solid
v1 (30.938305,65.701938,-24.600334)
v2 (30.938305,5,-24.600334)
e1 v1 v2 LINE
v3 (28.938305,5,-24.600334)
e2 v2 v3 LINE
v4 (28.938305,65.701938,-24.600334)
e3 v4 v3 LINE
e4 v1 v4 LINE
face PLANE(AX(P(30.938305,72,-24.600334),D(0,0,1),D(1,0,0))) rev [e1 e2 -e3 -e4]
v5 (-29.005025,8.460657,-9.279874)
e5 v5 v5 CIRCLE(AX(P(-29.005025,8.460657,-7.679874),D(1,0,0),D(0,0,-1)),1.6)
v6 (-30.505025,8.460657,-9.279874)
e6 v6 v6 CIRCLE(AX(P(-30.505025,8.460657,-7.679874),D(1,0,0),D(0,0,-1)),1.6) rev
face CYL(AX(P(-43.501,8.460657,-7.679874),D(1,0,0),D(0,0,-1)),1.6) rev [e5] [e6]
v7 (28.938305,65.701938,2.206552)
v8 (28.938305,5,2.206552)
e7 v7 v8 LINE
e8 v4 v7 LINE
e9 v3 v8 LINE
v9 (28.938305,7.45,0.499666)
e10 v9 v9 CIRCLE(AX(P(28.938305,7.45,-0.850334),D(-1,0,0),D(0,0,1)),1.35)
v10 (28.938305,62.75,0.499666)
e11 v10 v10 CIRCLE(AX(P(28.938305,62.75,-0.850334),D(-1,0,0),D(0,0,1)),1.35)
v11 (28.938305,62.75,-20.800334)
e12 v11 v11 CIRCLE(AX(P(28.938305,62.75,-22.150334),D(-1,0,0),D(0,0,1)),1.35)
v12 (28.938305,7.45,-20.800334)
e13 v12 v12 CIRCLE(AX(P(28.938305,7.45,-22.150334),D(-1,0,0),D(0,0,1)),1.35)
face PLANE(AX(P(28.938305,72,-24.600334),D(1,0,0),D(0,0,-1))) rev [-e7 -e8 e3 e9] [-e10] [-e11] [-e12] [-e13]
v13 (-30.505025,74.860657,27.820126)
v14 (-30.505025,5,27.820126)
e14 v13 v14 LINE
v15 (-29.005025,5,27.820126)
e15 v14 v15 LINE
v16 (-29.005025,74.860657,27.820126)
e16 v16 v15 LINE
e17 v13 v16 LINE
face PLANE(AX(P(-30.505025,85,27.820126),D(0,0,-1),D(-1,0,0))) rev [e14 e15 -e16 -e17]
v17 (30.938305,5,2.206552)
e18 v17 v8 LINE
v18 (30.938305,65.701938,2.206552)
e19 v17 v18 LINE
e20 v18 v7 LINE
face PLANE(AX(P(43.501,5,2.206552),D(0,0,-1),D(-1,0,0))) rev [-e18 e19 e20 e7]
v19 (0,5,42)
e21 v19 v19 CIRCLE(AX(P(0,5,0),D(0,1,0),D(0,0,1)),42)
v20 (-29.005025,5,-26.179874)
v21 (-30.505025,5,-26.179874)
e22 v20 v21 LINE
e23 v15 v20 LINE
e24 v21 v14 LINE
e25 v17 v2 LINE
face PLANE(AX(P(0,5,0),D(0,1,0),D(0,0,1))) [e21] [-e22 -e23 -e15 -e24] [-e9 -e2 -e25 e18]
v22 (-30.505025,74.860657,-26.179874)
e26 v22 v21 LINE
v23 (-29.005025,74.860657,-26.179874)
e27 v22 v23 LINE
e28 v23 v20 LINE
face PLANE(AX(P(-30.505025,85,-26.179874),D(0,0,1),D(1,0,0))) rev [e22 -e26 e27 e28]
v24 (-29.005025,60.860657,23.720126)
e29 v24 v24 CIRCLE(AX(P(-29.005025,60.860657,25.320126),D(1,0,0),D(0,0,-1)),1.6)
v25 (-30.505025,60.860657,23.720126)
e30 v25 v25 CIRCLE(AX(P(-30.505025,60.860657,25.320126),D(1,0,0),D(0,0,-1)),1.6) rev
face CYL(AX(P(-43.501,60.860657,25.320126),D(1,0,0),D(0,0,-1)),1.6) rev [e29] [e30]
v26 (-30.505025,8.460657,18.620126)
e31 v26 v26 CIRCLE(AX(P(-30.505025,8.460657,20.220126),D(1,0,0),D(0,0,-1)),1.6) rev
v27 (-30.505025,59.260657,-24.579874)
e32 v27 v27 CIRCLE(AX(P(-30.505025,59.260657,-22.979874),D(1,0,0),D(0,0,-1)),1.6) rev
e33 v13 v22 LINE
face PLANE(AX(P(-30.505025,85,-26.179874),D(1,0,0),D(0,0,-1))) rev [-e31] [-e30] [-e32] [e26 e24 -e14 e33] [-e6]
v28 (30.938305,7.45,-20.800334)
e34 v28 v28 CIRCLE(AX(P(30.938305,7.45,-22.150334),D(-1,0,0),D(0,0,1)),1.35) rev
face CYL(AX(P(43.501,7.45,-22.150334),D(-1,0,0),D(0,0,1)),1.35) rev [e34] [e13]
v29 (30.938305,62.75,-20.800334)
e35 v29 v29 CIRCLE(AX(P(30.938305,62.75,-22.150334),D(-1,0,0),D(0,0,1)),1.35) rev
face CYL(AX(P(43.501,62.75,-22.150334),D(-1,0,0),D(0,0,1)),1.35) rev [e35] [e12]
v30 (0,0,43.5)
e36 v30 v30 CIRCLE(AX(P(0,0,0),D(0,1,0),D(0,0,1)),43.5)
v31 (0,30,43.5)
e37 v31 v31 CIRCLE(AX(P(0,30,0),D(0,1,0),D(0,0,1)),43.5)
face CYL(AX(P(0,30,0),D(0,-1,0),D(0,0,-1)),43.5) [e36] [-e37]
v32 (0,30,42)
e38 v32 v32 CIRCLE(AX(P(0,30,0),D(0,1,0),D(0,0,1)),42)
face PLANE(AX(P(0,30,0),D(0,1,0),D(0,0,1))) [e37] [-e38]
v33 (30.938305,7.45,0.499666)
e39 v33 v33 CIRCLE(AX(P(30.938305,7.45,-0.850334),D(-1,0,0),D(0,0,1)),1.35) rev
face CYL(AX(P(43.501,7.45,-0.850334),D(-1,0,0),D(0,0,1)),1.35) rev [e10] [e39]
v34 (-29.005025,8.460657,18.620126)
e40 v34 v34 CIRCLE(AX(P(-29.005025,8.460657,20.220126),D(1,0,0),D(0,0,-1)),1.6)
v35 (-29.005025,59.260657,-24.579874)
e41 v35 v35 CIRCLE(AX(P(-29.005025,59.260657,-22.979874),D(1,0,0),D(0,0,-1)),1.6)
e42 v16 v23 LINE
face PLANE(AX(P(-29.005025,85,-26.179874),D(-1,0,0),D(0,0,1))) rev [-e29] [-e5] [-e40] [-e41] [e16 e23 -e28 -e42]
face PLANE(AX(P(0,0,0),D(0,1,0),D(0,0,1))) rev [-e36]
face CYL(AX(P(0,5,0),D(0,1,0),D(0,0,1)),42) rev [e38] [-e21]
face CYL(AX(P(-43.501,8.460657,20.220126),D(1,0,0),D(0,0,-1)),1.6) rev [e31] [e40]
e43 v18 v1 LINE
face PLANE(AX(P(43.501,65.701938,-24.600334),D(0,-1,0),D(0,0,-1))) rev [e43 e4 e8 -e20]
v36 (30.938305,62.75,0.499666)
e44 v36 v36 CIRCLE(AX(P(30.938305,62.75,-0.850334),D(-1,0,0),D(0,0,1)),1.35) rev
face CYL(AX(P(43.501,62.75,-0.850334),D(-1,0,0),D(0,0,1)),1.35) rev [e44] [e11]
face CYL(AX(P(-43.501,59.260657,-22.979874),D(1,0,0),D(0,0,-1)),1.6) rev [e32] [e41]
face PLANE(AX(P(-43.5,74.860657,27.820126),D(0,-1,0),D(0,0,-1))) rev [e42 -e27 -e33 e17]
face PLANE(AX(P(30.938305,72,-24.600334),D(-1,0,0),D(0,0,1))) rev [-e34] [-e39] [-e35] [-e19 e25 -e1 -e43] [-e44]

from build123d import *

# Parameters (mm, degrees)
SKETCH1_R               = 43.5
BOSS_EXTRUDE1_DEPTH     = 30
SKETCH2_R               = 42
CUT_EXTRUDE1_DEPTH      = 1
CUT_EXTRUDE1_DEPTH_BACK = 25
SKETCH6_W               = 1.5
SKETCH6_H               = 54
BOSS_EXTRUDE4_DEPTH     = 80
SKETCH7_W               = 54
SKETCH7_H               = 6.26870776
CUT_EXTRUDE2_DEPTH      = 15.49497474
SKETCH8_W               = 54
SKETCH8_H               = 3.87063504
CUT_EXTRUDE3_DEPTH      = 15.49497474
CUT_EXTRUDE5_REACH      = 16.495
SKETCH9_R               = 1.6
SKETCH10_W              = 2
SKETCH10_H              = 28.990761916
BOSS_EXTRUDE5_DEPTH     = 67
CUT_EXTRUDE6_REACH      = 16.562
SKETCH11_W              = 28.990761916
SKETCH11_H              = 6.298062211
CUT_EXTRUDE7_REACH      = 16.562
SKETCH12_W              = 2.183875445
SKETCH12_H              = 60.701937789
CUT_EXTRUDE8_REACH      = 16.562
SKETCH13_R              = 1.35


with BuildPart() as part:
    # Sketch1 → Boss-Extrude1 (new body)
    with BuildSketch(Plane(origin=(0, 0, 0), x_dir=(1, 0, 0), z_dir=(0, 1, 0))):
        Circle(SKETCH1_R)
    extrude(amount=BOSS_EXTRUDE1_DEPTH)

    # Sketch2 → Cut-Extrude1 (cut, two sides)
    with BuildSketch(Plane(origin=(0, 30, 0), x_dir=(1, 0, 0), z_dir=(0, 1, 0))) as cut_extrude1_sk:
        Circle(SKETCH2_R)
    extrude(amount=CUT_EXTRUDE1_DEPTH, mode=Mode.SUBTRACT)
    extrude(cut_extrude1_sk.sketch, amount=-CUT_EXTRUDE1_DEPTH_BACK, mode=Mode.SUBTRACT)

    # Sketch6 → Boss-Extrude4 (add)
    with BuildSketch(Plane(origin=(0, 5, 0), x_dir=(1, 0, 0), z_dir=(0, 1, 0))):
        with Locations((-29.75502526, -0.820126033)):
            Rectangle(SKETCH6_W, SKETCH6_H)
    extrude(amount=BOSS_EXTRUDE4_DEPTH)

    # Sketch7 → Cut-Extrude2 (cut, through all)
    with BuildSketch(Plane(origin=(-29.00502526, 0, 0), x_dir=(0, 0, -1), z_dir=(1, 0, 0))):
        with Locations((-0.820126033, 81.86564612)):
            Rectangle(SKETCH7_W, SKETCH7_H)
    extrude(amount=-CUT_EXTRUDE2_DEPTH, mode=Mode.SUBTRACT)

    # Sketch8 → Cut-Extrude3 (cut, through all)
    with BuildSketch(Plane(origin=(-29.00502526, 0, 0), x_dir=(0, 0, -1), z_dir=(1, 0, 0))):
        with Locations((-0.820126033, 76.79597472)):
            Rectangle(SKETCH8_W, SKETCH8_H)
    extrude(amount=-CUT_EXTRUDE3_DEPTH, mode=Mode.SUBTRACT)

    # Sketch9 → Cut-Extrude5 (cut, up to next)
    with BuildSketch(Plane(origin=(-29.00502526, 0, 0), x_dir=(0, 0, -1), z_dir=(1, 0, 0)), mode=Mode.PRIVATE) as cut_extrude5_sk1:
        with Locations((-25.320126033, 60.8606572)):
            Circle(SKETCH9_R)
    cut_extrude5_tool1 = extrude(cut_extrude5_sk1.sketch, amount=-CUT_EXTRUDE5_REACH, mode=Mode.PRIVATE) & part.part
    add(cut_extrude5_tool1.solids().sort_by_distance((-29.005025, 60.860657, 25.320126))[0], mode=Mode.SUBTRACT)
    # Sketch9 → Cut-Extrude5 (cut, up to next)
    with BuildSketch(Plane(origin=(-29.00502526, 0, 0), x_dir=(0, 0, -1), z_dir=(1, 0, 0)), mode=Mode.PRIVATE) as cut_extrude5_sk2:
        with Locations((22.979873967, 59.2606572)):
            Circle(SKETCH9_R)
    cut_extrude5_tool2 = extrude(cut_extrude5_sk2.sketch, amount=-CUT_EXTRUDE5_REACH, mode=Mode.PRIVATE) & part.part
    add(cut_extrude5_tool2.solids().sort_by_distance((-29.005025, 59.260657, -22.979874))[0], mode=Mode.SUBTRACT)
    # Sketch9 → Cut-Extrude5 (cut, up to next)
    with BuildSketch(Plane(origin=(-29.00502526, 0, 0), x_dir=(0, 0, -1), z_dir=(1, 0, 0)), mode=Mode.PRIVATE) as cut_extrude5_sk3:
        with Locations((7.679873967, 8.4606572)):
            Circle(SKETCH9_R)
    cut_extrude5_tool3 = extrude(cut_extrude5_sk3.sketch, amount=-CUT_EXTRUDE5_REACH, mode=Mode.PRIVATE) & part.part
    add(cut_extrude5_tool3.solids().sort_by_distance((-29.005025, 8.460657, -7.679874))[0], mode=Mode.SUBTRACT)
    # Sketch9 → Cut-Extrude5 (cut, up to next)
    with BuildSketch(Plane(origin=(-29.00502526, 0, 0), x_dir=(0, 0, -1), z_dir=(1, 0, 0)), mode=Mode.PRIVATE) as cut_extrude5_sk4:
        with Locations((-20.220126033, 8.4606572)):
            Circle(SKETCH9_R)
    cut_extrude5_tool4 = extrude(cut_extrude5_sk4.sketch, amount=-CUT_EXTRUDE5_REACH, mode=Mode.PRIVATE) & part.part
    add(cut_extrude5_tool4.solids().sort_by_distance((-29.005025, 8.460657, 20.220126))[0], mode=Mode.SUBTRACT)

    # Sketch10 → Boss-Extrude5 (add)
    with BuildSketch(Plane(origin=(0, 5, 0), x_dir=(1, 0, 0), z_dir=(0, 1, 0))):
        with Locations((29.938305356, 10.104953072)):
            Rectangle(SKETCH10_W, SKETCH10_H)
    extrude(amount=BOSS_EXTRUDE5_DEPTH)

    # Sketch11 → Cut-Extrude6 (cut, up to next)
    with BuildSketch(Plane.ZY.offset(-28.938305356), mode=Mode.PRIVATE) as cut_extrude6_sk1:
        with Locations((-10.104953072, 68.850968894)):
            Rectangle(SKETCH11_W, SKETCH11_H)
    cut_extrude6_tool1 = extrude(cut_extrude6_sk1.sketch, amount=-CUT_EXTRUDE6_REACH, mode=Mode.PRIVATE) & part.part
    add(cut_extrude6_tool1.solids().sort_by_distance((28.938305, 68.850969, -10.104953))[0], mode=Mode.SUBTRACT)

    # Sketch12 → Cut-Extrude7 (cut, up to next)
    with BuildSketch(Plane.ZY.offset(-28.938305356), mode=Mode.PRIVATE) as cut_extrude7_sk1:
        with Locations((3.298490164, 35.350968894)):
            Rectangle(SKETCH12_W, SKETCH12_H)
    cut_extrude7_tool1 = extrude(cut_extrude7_sk1.sketch, amount=-CUT_EXTRUDE7_REACH, mode=Mode.PRIVATE) & part.part
    add(cut_extrude7_tool1.solids().sort_by_distance((28.938305, 35.350969, 3.29849))[0], mode=Mode.SUBTRACT)

    # Sketch13 → Cut-Extrude8 (cut, up to next)
    with BuildSketch(Plane.ZY.offset(-28.938305356), mode=Mode.PRIVATE) as cut_extrude8_sk1:
        with Locations((-22.15033403, 62.75)):
            Circle(SKETCH13_R)
    cut_extrude8_tool1 = extrude(cut_extrude8_sk1.sketch, amount=-CUT_EXTRUDE8_REACH, mode=Mode.PRIVATE) & part.part
    add(cut_extrude8_tool1.solids().sort_by_distance((28.938305, 62.75, -22.150334))[0], mode=Mode.SUBTRACT)
    # Sketch13 → Cut-Extrude8 (cut, up to next)
    with BuildSketch(Plane.ZY.offset(-28.938305356), mode=Mode.PRIVATE) as cut_extrude8_sk2:
        with Locations((-0.85033403, 62.75)):
            Circle(SKETCH13_R)
    cut_extrude8_tool2 = extrude(cut_extrude8_sk2.sketch, amount=-CUT_EXTRUDE8_REACH, mode=Mode.PRIVATE) & part.part
    add(cut_extrude8_tool2.solids().sort_by_distance((28.938305, 62.75, -0.850334))[0], mode=Mode.SUBTRACT)
    # Sketch13 → Cut-Extrude8 (cut, up to next)
    with BuildSketch(Plane.ZY.offset(-28.938305356), mode=Mode.PRIVATE) as cut_extrude8_sk3:
        with Locations((-22.15033403, 7.45)):
            Circle(SKETCH13_R)
    cut_extrude8_tool3 = extrude(cut_extrude8_sk3.sketch, amount=-CUT_EXTRUDE8_REACH, mode=Mode.PRIVATE) & part.part
    add(cut_extrude8_tool3.solids().sort_by_distance((28.938305, 7.45, -22.150334))[0], mode=Mode.SUBTRACT)
    # Sketch13 → Cut-Extrude8 (cut, up to next)
    with BuildSketch(Plane.ZY.offset(-28.938305356), mode=Mode.PRIVATE) as cut_extrude8_sk4:
        with Locations((-0.85033403, 7.45)):
            Circle(SKETCH13_R)
    cut_extrude8_tool4 = extrude(cut_extrude8_sk4.sketch, amount=-CUT_EXTRUDE8_REACH, mode=Mode.PRIVATE) & part.part
    add(cut_extrude8_tool4.solids().sort_by_distance((28.938305, 7.45, -0.850334))[0], mode=Mode.SUBTRACT)


solid = part.part
